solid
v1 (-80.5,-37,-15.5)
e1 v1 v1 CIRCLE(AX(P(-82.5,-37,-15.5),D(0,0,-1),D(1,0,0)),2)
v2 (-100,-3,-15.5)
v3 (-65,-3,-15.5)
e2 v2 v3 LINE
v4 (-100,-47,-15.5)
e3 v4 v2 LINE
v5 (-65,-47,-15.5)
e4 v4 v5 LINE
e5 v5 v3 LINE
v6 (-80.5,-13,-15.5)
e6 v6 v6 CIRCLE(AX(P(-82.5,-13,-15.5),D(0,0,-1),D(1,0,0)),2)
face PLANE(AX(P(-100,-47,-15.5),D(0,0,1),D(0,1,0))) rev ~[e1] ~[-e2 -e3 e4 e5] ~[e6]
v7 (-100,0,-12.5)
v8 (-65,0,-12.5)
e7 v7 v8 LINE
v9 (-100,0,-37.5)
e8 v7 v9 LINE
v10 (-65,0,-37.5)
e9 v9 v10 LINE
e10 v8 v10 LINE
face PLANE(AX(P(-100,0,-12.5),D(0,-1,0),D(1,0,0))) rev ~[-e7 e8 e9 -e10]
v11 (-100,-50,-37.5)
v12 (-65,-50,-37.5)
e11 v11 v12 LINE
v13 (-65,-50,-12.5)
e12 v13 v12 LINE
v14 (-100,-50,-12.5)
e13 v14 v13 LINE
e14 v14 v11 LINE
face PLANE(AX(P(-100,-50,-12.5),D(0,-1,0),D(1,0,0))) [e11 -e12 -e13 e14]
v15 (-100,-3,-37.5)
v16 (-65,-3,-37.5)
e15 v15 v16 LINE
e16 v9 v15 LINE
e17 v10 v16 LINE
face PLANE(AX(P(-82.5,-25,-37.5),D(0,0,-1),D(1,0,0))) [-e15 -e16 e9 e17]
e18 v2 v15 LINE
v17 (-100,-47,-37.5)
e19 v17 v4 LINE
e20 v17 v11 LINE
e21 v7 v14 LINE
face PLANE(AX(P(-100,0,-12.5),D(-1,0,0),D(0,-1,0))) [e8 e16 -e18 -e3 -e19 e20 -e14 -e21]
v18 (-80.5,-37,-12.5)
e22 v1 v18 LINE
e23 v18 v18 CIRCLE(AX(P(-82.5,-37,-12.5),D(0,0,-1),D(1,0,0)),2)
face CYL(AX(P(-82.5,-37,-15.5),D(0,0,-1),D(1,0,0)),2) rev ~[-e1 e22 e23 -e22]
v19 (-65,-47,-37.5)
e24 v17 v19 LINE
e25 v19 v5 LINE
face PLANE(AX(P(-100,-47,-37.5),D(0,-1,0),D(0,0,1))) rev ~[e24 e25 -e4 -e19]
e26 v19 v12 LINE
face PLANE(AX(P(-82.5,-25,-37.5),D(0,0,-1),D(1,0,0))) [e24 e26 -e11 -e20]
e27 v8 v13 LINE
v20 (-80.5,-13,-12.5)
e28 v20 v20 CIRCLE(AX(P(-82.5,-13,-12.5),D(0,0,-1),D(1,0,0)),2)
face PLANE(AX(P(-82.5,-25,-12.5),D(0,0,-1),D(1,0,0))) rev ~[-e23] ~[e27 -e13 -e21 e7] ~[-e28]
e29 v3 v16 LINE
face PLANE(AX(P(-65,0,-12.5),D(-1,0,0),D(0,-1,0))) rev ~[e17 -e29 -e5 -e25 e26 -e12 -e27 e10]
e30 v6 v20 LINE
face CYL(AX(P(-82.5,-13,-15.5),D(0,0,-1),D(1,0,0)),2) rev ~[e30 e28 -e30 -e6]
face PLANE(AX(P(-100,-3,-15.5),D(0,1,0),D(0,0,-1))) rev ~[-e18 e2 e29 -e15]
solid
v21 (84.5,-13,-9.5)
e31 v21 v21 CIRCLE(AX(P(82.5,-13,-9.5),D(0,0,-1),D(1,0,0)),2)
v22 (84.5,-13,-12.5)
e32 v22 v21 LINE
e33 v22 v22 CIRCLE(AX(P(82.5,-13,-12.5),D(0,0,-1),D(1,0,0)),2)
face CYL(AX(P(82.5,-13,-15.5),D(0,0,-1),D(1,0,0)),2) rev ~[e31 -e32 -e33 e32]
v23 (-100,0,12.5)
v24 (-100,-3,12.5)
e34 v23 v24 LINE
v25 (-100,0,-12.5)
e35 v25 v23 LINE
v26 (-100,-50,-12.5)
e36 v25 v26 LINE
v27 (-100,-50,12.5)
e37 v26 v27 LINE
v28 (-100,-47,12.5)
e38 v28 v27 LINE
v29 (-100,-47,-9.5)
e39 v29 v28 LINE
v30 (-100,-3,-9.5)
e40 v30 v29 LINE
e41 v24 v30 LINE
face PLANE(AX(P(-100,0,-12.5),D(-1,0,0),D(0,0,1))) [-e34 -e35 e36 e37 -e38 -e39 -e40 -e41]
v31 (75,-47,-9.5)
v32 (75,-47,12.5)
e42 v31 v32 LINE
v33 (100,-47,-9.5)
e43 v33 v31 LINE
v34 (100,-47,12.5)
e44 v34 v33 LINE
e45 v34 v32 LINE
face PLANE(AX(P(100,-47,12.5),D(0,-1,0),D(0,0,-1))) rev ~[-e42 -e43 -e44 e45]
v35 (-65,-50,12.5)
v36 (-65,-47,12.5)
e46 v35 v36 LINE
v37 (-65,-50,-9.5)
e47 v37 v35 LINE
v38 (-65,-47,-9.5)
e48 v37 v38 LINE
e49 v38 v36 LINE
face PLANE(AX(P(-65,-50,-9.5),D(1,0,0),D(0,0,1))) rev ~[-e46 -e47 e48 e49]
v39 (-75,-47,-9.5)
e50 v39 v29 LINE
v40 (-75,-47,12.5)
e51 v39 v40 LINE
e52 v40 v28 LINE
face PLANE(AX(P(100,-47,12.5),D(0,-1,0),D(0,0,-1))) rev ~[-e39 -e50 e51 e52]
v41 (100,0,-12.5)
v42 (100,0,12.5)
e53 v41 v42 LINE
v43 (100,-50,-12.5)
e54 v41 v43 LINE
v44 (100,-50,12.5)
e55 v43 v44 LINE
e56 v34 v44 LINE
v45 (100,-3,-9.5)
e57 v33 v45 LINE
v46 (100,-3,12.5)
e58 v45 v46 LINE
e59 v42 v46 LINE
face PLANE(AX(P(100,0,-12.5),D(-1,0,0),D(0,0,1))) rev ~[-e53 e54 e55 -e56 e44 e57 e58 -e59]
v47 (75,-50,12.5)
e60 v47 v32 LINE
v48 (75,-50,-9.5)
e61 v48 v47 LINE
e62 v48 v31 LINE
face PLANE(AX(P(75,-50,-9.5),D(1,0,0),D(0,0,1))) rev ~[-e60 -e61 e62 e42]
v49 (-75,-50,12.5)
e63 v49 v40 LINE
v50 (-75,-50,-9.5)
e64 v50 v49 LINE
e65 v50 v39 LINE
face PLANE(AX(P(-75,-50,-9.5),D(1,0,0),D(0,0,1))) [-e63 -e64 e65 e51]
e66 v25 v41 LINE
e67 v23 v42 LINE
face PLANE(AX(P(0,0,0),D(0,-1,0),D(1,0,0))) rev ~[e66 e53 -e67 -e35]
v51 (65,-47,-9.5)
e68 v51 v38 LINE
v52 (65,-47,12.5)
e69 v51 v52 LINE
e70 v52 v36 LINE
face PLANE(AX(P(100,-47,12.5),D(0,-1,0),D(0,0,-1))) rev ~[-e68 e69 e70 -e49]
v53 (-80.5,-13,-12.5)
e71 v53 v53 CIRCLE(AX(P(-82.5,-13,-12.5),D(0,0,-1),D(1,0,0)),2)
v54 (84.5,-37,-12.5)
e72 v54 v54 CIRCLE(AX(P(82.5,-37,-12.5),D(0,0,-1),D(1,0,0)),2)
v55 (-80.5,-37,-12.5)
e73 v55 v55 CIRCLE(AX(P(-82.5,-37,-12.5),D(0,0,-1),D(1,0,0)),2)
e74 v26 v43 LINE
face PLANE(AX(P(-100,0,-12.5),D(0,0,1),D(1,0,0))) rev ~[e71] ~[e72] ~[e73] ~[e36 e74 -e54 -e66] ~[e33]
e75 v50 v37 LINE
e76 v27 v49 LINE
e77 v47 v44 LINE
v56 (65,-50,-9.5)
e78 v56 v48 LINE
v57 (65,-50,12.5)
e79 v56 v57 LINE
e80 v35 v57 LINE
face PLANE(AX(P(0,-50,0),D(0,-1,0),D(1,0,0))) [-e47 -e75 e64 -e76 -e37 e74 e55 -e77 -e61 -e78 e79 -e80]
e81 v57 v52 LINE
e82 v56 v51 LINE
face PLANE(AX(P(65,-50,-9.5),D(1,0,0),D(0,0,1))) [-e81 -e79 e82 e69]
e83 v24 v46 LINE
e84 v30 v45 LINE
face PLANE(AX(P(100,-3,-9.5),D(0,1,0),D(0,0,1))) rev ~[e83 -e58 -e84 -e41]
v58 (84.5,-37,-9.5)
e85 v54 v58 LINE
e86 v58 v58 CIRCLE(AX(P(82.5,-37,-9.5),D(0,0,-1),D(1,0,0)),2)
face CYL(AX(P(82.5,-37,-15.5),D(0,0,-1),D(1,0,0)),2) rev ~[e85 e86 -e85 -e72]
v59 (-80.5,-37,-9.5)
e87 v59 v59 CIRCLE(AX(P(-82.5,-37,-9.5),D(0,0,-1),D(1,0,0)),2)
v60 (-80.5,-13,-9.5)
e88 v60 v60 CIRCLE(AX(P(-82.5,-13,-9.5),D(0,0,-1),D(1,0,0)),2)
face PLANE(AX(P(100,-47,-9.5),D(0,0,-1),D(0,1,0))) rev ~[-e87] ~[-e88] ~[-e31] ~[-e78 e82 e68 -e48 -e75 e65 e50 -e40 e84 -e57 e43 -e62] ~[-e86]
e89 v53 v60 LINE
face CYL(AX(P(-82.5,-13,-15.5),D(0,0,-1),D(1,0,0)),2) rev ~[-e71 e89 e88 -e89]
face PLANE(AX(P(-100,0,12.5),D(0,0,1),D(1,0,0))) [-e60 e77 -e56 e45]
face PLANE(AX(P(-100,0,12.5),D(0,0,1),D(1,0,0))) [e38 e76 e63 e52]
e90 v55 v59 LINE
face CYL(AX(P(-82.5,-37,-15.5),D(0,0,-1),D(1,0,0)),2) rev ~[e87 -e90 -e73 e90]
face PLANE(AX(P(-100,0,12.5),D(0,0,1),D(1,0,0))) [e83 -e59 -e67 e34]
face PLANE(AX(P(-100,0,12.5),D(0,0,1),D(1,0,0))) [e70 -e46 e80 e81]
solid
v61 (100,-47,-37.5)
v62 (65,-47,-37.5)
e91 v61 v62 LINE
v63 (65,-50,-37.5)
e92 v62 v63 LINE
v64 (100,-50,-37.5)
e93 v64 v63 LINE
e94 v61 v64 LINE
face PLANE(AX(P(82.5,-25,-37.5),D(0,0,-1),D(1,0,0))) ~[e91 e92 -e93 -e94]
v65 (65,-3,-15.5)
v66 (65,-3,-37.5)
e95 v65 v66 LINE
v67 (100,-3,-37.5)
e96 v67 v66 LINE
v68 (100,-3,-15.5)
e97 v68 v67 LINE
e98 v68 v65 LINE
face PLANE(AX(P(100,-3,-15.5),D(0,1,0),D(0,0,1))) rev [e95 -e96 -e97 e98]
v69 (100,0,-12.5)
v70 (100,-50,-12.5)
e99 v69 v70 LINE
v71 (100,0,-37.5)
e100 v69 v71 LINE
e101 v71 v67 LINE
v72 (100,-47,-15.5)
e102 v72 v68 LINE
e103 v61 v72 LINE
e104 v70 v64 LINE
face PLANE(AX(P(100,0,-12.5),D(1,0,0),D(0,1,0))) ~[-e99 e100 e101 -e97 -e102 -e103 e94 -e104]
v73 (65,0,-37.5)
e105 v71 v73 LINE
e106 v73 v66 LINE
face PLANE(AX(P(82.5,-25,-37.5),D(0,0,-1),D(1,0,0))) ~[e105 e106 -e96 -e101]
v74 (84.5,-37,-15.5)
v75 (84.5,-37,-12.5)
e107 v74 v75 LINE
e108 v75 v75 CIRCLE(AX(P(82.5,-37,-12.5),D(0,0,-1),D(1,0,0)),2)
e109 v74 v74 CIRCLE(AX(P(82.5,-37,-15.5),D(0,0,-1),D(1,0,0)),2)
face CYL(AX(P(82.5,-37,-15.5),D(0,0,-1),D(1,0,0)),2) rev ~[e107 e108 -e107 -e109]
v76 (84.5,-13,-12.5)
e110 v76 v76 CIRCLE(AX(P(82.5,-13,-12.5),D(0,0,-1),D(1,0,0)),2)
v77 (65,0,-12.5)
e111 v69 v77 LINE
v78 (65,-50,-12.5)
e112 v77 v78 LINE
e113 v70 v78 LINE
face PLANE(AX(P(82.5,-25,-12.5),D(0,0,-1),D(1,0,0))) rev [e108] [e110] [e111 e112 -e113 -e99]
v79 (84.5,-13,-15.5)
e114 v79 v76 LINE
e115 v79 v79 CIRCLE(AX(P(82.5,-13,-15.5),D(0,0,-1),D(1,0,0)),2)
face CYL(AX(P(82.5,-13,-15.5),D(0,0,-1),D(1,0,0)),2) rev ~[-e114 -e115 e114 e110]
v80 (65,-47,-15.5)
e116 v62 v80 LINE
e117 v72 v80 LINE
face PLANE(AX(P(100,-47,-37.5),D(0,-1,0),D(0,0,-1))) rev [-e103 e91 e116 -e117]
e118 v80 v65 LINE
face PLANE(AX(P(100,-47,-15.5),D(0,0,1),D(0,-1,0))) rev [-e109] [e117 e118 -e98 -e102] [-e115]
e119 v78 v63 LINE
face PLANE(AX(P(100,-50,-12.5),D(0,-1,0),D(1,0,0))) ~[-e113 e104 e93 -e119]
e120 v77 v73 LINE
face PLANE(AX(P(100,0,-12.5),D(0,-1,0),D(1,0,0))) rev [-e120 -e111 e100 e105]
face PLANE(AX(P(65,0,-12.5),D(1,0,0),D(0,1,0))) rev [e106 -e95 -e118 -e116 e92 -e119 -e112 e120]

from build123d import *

# Parameters (mm, degrees)
F0_W      = 200
F0_H      = 25
F1_DEPTH  = 50
F3_DEPTH  = 200.001
F4_W      = 10
F4_H      = 22
F5_DEPTH  = 47
F6_W      = 35
F6_H      = 50
F7_DEPTH  = 25
F9_DEPTH  = 200.001
F11_R     = 2
F12_DEPTH = 28.001


with BuildPart() as f1:
    # F0 (on Front) → F1 (new body)
    with BuildSketch(Plane.XZ):
        Rectangle(F0_W, F0_H)
    extrude(amount=F1_DEPTH)

    # F2 (on face) → F3 (cut, through all)
    with BuildSketch(Plane.YZ.offset(100)):
        Polygon((-3, 12.5), (-47, 12.5), (-47, 4.398307), (-47, -9.5), (-23.419829, -9.5), (-3, -9.5), (-3, 6.889603), align=None)
    extrude(amount=-F3_DEPTH, mode=Mode.SUBTRACT)

    # F4 (on face) → F5 (cut, through all)
    with BuildSketch(Plane.XZ.offset(50)):
        with Locations((-70, 1.5)):
            Rectangle(F4_W, F4_H)
        with Locations((70, 1.5)):
            Rectangle(F4_W, F4_H)
    extrude(amount=-F5_DEPTH, mode=Mode.SUBTRACT)


with BuildPart() as f7:
    # F6 (on face) → F7 (new body)
    with BuildSketch(Plane(origin=(0, 0, -12.5), x_dir=(1, 0, 0), z_dir=(0, 0, -1))):
        with Locations((-82.5, 25)):
            Rectangle(F6_W, F6_H)
    extrude(amount=F7_DEPTH)

    # F8 (on face) → F9 (cut, through all)
    with BuildSketch(Plane(origin=(-100, 0, 0), x_dir=(0, -1, 0), z_dir=(-1, 0, 0))):
        Polygon((3, -25.254963), (3, -37.5), (47, -37.5), (47, -24.68876), (47, -15.5), (22.2564, -15.5), (3, -15.5), align=None)
    extrude(amount=-F9_DEPTH, mode=Mode.SUBTRACT)


with BuildPart() as f10_1:
    # F10: instance of F7
    add(f7.part.mirror(Plane.YZ))


with BuildPart() as f12_tool:
    # F11 (on face) → F12 (new body, through all)
    with BuildSketch(Plane(origin=(0, 0, -15.5), x_dir=(1, 0, 0), z_dir=(0, 0, -1))):
        with Locations((-82.5, 37)):
            Circle(F11_R)
        with Locations((-82.5, 13)):
            Circle(F11_R)
        with Locations((82.5, 13)):
            Circle(F11_R)
        with Locations((82.5, 37)):
            Circle(F11_R)
    extrude(amount=-F12_DEPTH)


with BuildPart() as f1_1:
    add(f1.part)

    # F12: cut by f12_tool
    add(f12_tool.part, mode=Mode.SUBTRACT)


with BuildPart() as f7_1:
    add(f7.part)

    # F12: cut by f12_tool
    add(f12_tool.part, mode=Mode.SUBTRACT)


with BuildPart() as f10_1_1:
    add(f10_1.part)

    # F12: cut by f12_tool
    add(f12_tool.part, mode=Mode.SUBTRACT)


solid = Compound([f1_1.part, f7_1.part, f10_1_1.part])
